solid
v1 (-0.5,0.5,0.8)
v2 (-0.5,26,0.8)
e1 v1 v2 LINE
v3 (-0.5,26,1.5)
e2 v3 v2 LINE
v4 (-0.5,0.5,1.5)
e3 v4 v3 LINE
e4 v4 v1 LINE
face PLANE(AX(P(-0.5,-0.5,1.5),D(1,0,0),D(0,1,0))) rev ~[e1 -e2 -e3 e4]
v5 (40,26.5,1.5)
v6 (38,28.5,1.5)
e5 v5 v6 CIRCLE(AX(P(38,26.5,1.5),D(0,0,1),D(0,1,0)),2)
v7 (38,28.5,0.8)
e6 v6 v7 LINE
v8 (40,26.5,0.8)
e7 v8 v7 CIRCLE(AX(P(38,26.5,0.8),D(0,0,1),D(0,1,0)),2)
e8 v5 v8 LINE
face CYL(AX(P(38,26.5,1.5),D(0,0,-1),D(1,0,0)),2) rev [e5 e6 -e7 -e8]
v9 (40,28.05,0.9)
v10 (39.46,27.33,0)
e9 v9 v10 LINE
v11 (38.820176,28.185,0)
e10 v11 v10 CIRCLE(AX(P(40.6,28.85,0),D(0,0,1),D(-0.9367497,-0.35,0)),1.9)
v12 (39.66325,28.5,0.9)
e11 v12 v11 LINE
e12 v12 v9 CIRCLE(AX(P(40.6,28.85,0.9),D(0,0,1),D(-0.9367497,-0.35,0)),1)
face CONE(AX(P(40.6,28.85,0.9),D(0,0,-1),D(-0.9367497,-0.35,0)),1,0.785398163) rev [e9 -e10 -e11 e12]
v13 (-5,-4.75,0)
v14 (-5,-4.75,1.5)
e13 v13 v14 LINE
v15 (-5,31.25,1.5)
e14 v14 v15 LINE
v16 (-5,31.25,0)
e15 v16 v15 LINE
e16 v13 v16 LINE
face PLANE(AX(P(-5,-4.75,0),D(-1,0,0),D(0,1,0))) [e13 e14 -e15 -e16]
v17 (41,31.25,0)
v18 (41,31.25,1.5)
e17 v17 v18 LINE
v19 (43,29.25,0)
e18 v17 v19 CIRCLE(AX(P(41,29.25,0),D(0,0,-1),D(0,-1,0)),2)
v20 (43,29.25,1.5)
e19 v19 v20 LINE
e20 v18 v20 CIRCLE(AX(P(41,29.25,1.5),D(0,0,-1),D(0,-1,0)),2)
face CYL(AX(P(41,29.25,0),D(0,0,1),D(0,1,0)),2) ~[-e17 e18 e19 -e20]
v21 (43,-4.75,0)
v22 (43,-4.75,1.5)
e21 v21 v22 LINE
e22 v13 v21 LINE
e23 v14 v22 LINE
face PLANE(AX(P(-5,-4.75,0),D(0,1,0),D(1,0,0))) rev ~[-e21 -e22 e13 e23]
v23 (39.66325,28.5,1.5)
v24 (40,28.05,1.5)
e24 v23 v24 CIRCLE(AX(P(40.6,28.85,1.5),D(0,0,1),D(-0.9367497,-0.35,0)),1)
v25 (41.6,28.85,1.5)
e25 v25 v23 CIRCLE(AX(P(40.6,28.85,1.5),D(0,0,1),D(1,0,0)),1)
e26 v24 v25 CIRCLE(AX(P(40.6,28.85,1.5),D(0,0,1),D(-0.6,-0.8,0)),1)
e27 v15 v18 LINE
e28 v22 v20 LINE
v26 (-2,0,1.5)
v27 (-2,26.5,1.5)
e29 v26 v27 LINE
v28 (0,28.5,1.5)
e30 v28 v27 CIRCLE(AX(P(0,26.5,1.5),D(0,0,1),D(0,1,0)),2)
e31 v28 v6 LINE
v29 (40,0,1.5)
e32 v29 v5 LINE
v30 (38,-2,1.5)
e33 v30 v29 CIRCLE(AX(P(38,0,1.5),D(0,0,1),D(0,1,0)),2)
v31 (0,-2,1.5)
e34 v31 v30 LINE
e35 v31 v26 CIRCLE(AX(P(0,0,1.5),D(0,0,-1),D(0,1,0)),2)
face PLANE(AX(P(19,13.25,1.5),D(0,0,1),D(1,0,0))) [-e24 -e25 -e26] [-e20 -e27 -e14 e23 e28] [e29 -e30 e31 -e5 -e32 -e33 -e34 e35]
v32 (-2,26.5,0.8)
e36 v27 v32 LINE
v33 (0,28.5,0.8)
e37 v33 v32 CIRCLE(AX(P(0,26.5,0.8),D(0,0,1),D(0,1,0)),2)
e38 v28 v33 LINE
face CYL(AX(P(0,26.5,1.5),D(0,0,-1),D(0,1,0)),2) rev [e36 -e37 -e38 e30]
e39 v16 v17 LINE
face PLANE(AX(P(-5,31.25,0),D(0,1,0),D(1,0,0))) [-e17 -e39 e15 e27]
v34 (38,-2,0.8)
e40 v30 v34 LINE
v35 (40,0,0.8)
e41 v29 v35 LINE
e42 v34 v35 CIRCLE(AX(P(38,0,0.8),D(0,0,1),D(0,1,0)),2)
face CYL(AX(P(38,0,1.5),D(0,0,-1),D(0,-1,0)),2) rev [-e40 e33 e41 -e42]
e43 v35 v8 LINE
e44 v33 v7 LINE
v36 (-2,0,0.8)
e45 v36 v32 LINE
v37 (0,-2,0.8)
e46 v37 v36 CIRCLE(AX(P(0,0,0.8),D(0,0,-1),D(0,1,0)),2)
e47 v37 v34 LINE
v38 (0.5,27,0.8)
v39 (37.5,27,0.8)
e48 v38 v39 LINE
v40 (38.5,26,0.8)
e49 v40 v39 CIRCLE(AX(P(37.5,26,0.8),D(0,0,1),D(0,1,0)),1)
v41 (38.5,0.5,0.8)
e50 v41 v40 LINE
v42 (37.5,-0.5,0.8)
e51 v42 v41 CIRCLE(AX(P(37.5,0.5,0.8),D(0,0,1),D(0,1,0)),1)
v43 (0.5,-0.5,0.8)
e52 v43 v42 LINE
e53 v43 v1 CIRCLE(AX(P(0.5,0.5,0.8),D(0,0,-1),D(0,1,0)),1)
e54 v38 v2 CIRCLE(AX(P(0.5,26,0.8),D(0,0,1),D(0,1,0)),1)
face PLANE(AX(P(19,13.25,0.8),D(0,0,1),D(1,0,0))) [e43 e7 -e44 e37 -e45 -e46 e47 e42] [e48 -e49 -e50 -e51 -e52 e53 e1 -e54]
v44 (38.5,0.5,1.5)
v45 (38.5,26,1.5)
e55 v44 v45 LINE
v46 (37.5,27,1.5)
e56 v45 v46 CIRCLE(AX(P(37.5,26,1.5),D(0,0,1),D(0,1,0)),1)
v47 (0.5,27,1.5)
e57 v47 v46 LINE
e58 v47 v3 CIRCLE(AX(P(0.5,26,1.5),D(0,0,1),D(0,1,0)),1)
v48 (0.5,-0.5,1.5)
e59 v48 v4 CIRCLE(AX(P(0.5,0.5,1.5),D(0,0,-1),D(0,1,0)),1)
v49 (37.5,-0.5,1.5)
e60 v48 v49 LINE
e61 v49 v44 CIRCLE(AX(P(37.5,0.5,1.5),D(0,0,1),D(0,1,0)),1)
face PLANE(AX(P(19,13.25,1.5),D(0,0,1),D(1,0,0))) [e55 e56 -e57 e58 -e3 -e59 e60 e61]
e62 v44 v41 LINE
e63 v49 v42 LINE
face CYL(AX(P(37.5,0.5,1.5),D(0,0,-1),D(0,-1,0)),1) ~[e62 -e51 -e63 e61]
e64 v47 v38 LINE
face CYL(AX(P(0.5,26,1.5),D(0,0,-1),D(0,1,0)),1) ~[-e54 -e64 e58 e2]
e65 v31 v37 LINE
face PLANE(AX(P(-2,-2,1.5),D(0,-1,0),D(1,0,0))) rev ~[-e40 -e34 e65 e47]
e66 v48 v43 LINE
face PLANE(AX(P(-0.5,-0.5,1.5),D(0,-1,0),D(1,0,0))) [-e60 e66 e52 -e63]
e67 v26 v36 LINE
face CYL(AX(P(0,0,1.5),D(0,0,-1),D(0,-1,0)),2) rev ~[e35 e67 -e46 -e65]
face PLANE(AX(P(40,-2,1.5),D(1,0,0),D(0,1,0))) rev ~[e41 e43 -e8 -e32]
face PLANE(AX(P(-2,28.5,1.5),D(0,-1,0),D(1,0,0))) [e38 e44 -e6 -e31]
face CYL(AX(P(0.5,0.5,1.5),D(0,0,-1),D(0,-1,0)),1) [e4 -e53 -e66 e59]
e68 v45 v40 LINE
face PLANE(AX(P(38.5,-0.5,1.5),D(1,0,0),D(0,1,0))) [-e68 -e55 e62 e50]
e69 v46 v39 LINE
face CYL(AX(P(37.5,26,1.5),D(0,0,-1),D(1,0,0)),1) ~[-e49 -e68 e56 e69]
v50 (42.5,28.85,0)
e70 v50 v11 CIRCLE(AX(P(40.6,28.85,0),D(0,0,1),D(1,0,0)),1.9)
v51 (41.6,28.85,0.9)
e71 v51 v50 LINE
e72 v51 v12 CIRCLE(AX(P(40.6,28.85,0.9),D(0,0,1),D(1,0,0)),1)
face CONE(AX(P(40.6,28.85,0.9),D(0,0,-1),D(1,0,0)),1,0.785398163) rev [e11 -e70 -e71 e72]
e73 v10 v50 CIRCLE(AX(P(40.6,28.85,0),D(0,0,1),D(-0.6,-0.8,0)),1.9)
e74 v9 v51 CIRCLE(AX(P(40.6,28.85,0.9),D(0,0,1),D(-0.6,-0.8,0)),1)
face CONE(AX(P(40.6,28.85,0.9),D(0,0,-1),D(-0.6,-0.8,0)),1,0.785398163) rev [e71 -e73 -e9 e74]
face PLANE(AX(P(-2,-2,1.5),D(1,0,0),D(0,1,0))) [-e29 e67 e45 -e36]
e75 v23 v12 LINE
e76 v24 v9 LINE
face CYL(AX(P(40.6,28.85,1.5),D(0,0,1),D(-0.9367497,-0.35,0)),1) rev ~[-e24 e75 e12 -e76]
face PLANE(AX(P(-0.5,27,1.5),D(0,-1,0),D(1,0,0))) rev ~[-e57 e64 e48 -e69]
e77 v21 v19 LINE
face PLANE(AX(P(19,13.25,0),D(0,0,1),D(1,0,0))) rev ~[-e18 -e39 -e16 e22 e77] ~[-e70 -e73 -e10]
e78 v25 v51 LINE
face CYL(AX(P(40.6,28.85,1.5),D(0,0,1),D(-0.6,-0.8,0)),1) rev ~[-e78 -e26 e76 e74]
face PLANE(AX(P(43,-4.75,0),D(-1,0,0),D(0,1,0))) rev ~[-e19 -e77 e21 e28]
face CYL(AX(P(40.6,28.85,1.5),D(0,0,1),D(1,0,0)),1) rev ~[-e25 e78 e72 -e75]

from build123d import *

# Parameters (mm, degrees)
F1_W      = 48
F1_H      = 36
F2_DEPTH  = 1.5
F4_W      = 42
F4_H      = 30.5
F4_W_2    = 39
F4_H_2    = 27.5
F6_DEPTH  = 0.7
F7_R      = 2
F8_R      = 1
F9_DEPTH  = 25
F10_SIZE2 = 0.9
F10_SIZE  = 0.9
F11_R     = 2


with BuildPart() as f2:
    # F1 (on Top) → F2 (new body)
    with BuildSketch(Plane.XY):
        with Locations((19, 13.25)):
            Rectangle(F1_W, F1_H)
    extrude(amount=F2_DEPTH)

    # F4 (on face) → F6 (cut)
    with BuildSketch(Plane.XY.offset(1.5)):
        with Locations((19, 13.25)):
            Rectangle(F4_W, F4_H)
        with Locations((19, 13.25)):
            Rectangle(F4_W_2, F4_H_2, mode=Mode.SUBTRACT)
    extrude(amount=-F6_DEPTH, mode=Mode.SUBTRACT)

    # F7
    f7_edges = [f2.edges().sort_by_distance(p)[0] for p in [
        (40, 28.5, 1.15),
        (40, -2, 1.15),
        (-2, 28.5, 1.15),
        (-2, -2, 1.15),
    ]]
    fillet(f7_edges, radius=F7_R)

    # F8
    f8_edges = [f2.edges().sort_by_distance(p)[0] for p in [
        (38.5, 27, 1.15),
        (38.5, -0.5, 1.15),
        (-0.5, -0.5, 1.15),
        (-0.5, 27, 1.15),
    ]]
    fillet(f8_edges, radius=F8_R)

    # F5 (on face) → F9 (cut)
    with BuildSketch(Plane.XY.offset(1.5)):
        with BuildLine():
            Line((40, 28.5), (39.6632503002, 28.5))
            ThreePointArc((39.6632503002, 28.5), (39.7993596875, 28.2508547004), (40, 28.05))
            Line((40, 28.05), (40, 28.5))
        make_face()
        with BuildLine():
            ThreePointArc((41.6, 28.85), (40.4221653855, 29.8340603893), (39.6632503002, 28.5))
            Line((39.6632503002, 28.5), (40, 28.5))
            Line((40, 28.5), (40, 28.05))
            ThreePointArc((40, 28.05), (41.0472135955, 27.955572809), (41.6, 28.85))
        make_face()
    extrude(amount=-F9_DEPTH, mode=Mode.SUBTRACT)

    # F10
    f10_edges = [f2.edges().sort_by_distance(p)[0] for p in [
        (41.2, 29.65, 0),
    ]]
    chamfer(f10_edges, length=F10_SIZE, length2=F10_SIZE2)

    # F11
    f11_edges = [f2.edges().sort_by_distance(p)[0] for p in [
        (43, 31.25, 0.75),
    ]]
    fillet(f11_edges, radius=F11_R)


solid = f2.part
